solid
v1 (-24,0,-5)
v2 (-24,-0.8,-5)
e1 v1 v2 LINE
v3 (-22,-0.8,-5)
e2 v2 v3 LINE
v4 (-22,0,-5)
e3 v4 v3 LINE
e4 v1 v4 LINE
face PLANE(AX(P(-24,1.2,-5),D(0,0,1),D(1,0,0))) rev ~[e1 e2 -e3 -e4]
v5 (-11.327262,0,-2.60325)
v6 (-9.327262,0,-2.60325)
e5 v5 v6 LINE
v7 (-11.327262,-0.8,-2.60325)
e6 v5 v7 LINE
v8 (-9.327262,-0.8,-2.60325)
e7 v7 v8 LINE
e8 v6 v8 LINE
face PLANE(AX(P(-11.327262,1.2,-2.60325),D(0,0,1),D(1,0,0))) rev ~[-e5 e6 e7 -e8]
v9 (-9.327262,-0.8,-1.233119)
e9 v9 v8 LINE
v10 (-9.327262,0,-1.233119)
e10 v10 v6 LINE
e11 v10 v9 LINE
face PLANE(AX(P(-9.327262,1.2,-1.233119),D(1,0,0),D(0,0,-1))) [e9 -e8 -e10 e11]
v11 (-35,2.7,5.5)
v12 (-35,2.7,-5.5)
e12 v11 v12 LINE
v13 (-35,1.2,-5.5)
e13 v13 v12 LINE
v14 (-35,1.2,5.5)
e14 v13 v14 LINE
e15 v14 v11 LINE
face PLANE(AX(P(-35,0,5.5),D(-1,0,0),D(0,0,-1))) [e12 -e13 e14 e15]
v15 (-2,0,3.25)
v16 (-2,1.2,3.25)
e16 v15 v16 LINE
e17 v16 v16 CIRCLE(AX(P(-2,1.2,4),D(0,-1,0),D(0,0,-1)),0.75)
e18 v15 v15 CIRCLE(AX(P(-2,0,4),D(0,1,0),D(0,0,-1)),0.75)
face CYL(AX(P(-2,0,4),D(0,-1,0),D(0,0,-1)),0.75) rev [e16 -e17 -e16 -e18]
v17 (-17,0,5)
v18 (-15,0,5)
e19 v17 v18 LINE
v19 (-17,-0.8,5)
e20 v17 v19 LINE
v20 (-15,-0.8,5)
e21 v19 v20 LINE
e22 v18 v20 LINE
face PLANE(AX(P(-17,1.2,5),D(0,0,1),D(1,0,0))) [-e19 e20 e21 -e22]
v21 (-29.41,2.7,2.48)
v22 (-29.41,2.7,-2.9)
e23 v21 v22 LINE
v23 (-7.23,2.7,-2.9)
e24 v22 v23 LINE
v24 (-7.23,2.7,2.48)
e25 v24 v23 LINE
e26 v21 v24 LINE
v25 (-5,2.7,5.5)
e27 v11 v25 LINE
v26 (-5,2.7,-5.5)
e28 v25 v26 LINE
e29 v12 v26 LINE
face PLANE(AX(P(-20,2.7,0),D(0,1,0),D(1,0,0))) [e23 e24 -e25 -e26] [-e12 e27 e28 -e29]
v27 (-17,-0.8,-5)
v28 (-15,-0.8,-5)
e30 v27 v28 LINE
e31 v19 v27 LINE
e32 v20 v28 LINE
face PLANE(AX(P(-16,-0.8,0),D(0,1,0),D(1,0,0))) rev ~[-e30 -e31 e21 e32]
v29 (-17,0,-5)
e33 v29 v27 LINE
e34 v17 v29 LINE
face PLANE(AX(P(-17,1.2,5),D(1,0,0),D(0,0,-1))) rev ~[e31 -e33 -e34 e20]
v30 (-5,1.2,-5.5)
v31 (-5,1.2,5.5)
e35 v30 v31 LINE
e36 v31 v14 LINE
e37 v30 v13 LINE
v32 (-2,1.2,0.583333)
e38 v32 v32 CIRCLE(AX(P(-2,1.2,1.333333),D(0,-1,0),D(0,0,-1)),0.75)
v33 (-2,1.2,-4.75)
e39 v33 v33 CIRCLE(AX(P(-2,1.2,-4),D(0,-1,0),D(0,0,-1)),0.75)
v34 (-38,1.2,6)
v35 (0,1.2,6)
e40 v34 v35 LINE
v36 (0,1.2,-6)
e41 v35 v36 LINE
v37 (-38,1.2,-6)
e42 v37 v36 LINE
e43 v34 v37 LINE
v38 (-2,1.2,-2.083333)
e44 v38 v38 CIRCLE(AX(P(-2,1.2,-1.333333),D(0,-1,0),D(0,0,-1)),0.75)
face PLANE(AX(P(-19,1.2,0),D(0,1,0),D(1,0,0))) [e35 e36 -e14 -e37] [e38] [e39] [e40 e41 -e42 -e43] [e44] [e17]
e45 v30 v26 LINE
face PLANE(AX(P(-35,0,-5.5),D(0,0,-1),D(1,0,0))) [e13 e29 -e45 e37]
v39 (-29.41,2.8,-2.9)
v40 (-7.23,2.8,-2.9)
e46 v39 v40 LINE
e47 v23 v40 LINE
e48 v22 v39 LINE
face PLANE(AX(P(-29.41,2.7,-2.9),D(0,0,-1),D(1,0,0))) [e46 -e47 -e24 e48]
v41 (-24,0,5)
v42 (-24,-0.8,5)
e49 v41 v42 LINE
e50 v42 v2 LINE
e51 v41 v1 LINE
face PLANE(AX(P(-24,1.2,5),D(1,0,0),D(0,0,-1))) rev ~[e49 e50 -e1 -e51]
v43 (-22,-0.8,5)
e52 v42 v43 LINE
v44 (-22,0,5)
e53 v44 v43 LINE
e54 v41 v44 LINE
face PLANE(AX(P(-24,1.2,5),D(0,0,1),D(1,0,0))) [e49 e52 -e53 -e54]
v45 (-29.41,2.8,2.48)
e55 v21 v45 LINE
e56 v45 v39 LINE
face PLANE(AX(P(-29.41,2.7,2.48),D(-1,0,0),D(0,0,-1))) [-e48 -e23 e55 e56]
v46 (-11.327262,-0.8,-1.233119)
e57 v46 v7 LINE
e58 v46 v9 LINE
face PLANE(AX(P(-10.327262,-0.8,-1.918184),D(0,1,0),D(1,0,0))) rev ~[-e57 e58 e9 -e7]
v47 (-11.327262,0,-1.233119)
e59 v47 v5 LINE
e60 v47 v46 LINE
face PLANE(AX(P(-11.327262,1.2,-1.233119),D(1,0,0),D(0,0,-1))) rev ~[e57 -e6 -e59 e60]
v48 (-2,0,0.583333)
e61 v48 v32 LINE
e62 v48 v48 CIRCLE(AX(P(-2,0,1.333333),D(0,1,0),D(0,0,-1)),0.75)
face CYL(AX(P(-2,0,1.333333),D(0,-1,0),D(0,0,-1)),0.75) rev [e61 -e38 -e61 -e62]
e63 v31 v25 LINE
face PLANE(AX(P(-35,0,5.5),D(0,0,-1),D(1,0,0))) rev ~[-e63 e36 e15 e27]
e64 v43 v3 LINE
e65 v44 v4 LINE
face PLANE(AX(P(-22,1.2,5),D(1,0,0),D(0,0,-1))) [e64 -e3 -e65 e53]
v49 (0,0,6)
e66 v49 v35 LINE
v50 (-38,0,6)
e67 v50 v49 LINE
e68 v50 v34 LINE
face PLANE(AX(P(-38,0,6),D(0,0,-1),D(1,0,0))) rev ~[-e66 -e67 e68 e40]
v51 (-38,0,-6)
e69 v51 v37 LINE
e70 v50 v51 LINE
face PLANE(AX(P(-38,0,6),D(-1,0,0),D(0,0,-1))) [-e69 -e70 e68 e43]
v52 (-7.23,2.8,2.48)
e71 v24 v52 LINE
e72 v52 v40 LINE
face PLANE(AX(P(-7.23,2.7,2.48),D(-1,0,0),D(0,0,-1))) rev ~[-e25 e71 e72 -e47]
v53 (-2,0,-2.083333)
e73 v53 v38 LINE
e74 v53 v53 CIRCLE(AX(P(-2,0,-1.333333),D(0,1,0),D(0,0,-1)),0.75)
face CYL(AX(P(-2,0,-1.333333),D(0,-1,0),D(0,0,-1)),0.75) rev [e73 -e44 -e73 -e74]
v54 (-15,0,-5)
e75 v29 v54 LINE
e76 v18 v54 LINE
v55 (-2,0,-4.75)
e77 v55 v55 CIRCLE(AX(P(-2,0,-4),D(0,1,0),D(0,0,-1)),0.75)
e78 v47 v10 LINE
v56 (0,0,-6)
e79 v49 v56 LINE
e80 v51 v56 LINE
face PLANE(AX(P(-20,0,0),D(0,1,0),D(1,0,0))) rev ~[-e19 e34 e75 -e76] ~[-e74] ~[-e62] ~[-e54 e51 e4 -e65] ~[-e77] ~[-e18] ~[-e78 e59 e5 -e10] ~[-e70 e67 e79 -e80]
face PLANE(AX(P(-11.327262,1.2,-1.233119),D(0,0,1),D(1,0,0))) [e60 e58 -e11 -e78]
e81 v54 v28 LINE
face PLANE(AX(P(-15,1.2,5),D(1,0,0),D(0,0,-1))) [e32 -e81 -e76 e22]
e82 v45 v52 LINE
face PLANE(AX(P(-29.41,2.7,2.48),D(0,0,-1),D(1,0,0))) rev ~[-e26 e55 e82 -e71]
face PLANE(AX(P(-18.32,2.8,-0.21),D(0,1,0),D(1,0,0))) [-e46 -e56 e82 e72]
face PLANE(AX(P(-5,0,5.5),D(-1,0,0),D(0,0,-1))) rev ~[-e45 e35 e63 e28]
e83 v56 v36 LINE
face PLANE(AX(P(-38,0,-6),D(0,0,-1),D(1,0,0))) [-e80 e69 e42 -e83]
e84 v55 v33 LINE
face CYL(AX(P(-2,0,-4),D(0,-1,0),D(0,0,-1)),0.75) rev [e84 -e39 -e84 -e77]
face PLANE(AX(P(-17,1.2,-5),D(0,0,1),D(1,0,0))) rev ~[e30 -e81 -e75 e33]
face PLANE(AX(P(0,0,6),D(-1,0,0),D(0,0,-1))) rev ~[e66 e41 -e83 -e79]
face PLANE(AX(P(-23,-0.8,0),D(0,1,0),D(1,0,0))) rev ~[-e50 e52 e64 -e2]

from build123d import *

# Parameters (mm, degrees)
SKETCH_1_W          = 38
SKETCH_1_H          = 12
EXTRUDE_1_DEPTH     = 1.2
SKETCH_2_W          = 30
SKETCH_2_H          = 11
EXTRUDE_2_DEPTH     = 2.7
SKETCH_3_R          = 0.75
CUT_EXTRUDE_2_DEPTH = 39.565399
EXTRUDE_START       = 1.2
SKETCH_4_W          = 2
SKETCH_4_H          = 10
SKETCH_4_H_2        = 1.370131764
EXTRUDE_3_DEPTH     = 2
SKETCH_5_W          = 22.18
SKETCH_5_H          = 5.38
EXTRUDE_4_DEPTH     = 0.1


with BuildPart() as part:
    # Эскиз1 → Бобышка-Вытянуть1 (new body)
    with BuildSketch(Plane(origin=(0, 0, 0), x_dir=(1, 0, 0), z_dir=(0, 1, 0))):
        with Locations((-19, 0)):
            Rectangle(SKETCH_1_W, SKETCH_1_H)
    extrude(amount=EXTRUDE_1_DEPTH)

    # Эскиз2 → Бобышка-Вытянуть2 (add)
    with BuildSketch(Plane(origin=(0, 0, 0), x_dir=(1, 0, 0), z_dir=(0, 1, 0))):
        with Locations((-20, 0)):
            Rectangle(SKETCH_2_W, SKETCH_2_H)
    extrude(amount=EXTRUDE_2_DEPTH)

    # Эскиз3 → Вырез-Вытянуть2 (cut, through all)
    with BuildSketch(Plane(origin=(0, 0, 0), x_dir=(1, 0, 0), z_dir=(0, 1, 0))):
        with Locations(Location((-2, 4, 0), (0, 0, 90))):
            Circle(SKETCH_3_R)
        with Locations(Location((-2, 1.333333333, 0), (0, 0, 90))):
            Circle(SKETCH_3_R)
        with Locations(Location((-2, -1.333333333, 0), (0, 0, 90))):
            Circle(SKETCH_3_R)
        with Locations(Location((-2, -4, 0), (0, 0, 90))):
            Circle(SKETCH_3_R)
    extrude(amount=CUT_EXTRUDE_2_DEPTH, mode=Mode.SUBTRACT)

    # Эскиз4 → Бобышка-Вытянуть3 (add)
    with BuildSketch(Plane(origin=(0, 0, 0), x_dir=(1, 0, 0), z_dir=(0, 1, 0)).offset(EXTRUDE_START)):
        with Locations((-23, 0)):
            Rectangle(SKETCH_4_W, SKETCH_4_H)
        with Locations((-16, 0)):
            Rectangle(SKETCH_4_W, SKETCH_4_H)
        with Locations((-10.327262123, 1.918184469)):
            Rectangle(SKETCH_4_W, SKETCH_4_H_2)
    extrude(amount=-EXTRUDE_3_DEPTH)

    # Эскиз5 → Бобышка-Вытянуть4 (add)
    with BuildSketch(Plane(origin=(0, 2.7, 0), x_dir=(1, 0, 0), z_dir=(0, 1, 0))):
        with Locations((-18.32, 0.21)):
            Rectangle(SKETCH_5_W, SKETCH_5_H)
    extrude(amount=EXTRUDE_4_DEPTH)


solid = part.part
